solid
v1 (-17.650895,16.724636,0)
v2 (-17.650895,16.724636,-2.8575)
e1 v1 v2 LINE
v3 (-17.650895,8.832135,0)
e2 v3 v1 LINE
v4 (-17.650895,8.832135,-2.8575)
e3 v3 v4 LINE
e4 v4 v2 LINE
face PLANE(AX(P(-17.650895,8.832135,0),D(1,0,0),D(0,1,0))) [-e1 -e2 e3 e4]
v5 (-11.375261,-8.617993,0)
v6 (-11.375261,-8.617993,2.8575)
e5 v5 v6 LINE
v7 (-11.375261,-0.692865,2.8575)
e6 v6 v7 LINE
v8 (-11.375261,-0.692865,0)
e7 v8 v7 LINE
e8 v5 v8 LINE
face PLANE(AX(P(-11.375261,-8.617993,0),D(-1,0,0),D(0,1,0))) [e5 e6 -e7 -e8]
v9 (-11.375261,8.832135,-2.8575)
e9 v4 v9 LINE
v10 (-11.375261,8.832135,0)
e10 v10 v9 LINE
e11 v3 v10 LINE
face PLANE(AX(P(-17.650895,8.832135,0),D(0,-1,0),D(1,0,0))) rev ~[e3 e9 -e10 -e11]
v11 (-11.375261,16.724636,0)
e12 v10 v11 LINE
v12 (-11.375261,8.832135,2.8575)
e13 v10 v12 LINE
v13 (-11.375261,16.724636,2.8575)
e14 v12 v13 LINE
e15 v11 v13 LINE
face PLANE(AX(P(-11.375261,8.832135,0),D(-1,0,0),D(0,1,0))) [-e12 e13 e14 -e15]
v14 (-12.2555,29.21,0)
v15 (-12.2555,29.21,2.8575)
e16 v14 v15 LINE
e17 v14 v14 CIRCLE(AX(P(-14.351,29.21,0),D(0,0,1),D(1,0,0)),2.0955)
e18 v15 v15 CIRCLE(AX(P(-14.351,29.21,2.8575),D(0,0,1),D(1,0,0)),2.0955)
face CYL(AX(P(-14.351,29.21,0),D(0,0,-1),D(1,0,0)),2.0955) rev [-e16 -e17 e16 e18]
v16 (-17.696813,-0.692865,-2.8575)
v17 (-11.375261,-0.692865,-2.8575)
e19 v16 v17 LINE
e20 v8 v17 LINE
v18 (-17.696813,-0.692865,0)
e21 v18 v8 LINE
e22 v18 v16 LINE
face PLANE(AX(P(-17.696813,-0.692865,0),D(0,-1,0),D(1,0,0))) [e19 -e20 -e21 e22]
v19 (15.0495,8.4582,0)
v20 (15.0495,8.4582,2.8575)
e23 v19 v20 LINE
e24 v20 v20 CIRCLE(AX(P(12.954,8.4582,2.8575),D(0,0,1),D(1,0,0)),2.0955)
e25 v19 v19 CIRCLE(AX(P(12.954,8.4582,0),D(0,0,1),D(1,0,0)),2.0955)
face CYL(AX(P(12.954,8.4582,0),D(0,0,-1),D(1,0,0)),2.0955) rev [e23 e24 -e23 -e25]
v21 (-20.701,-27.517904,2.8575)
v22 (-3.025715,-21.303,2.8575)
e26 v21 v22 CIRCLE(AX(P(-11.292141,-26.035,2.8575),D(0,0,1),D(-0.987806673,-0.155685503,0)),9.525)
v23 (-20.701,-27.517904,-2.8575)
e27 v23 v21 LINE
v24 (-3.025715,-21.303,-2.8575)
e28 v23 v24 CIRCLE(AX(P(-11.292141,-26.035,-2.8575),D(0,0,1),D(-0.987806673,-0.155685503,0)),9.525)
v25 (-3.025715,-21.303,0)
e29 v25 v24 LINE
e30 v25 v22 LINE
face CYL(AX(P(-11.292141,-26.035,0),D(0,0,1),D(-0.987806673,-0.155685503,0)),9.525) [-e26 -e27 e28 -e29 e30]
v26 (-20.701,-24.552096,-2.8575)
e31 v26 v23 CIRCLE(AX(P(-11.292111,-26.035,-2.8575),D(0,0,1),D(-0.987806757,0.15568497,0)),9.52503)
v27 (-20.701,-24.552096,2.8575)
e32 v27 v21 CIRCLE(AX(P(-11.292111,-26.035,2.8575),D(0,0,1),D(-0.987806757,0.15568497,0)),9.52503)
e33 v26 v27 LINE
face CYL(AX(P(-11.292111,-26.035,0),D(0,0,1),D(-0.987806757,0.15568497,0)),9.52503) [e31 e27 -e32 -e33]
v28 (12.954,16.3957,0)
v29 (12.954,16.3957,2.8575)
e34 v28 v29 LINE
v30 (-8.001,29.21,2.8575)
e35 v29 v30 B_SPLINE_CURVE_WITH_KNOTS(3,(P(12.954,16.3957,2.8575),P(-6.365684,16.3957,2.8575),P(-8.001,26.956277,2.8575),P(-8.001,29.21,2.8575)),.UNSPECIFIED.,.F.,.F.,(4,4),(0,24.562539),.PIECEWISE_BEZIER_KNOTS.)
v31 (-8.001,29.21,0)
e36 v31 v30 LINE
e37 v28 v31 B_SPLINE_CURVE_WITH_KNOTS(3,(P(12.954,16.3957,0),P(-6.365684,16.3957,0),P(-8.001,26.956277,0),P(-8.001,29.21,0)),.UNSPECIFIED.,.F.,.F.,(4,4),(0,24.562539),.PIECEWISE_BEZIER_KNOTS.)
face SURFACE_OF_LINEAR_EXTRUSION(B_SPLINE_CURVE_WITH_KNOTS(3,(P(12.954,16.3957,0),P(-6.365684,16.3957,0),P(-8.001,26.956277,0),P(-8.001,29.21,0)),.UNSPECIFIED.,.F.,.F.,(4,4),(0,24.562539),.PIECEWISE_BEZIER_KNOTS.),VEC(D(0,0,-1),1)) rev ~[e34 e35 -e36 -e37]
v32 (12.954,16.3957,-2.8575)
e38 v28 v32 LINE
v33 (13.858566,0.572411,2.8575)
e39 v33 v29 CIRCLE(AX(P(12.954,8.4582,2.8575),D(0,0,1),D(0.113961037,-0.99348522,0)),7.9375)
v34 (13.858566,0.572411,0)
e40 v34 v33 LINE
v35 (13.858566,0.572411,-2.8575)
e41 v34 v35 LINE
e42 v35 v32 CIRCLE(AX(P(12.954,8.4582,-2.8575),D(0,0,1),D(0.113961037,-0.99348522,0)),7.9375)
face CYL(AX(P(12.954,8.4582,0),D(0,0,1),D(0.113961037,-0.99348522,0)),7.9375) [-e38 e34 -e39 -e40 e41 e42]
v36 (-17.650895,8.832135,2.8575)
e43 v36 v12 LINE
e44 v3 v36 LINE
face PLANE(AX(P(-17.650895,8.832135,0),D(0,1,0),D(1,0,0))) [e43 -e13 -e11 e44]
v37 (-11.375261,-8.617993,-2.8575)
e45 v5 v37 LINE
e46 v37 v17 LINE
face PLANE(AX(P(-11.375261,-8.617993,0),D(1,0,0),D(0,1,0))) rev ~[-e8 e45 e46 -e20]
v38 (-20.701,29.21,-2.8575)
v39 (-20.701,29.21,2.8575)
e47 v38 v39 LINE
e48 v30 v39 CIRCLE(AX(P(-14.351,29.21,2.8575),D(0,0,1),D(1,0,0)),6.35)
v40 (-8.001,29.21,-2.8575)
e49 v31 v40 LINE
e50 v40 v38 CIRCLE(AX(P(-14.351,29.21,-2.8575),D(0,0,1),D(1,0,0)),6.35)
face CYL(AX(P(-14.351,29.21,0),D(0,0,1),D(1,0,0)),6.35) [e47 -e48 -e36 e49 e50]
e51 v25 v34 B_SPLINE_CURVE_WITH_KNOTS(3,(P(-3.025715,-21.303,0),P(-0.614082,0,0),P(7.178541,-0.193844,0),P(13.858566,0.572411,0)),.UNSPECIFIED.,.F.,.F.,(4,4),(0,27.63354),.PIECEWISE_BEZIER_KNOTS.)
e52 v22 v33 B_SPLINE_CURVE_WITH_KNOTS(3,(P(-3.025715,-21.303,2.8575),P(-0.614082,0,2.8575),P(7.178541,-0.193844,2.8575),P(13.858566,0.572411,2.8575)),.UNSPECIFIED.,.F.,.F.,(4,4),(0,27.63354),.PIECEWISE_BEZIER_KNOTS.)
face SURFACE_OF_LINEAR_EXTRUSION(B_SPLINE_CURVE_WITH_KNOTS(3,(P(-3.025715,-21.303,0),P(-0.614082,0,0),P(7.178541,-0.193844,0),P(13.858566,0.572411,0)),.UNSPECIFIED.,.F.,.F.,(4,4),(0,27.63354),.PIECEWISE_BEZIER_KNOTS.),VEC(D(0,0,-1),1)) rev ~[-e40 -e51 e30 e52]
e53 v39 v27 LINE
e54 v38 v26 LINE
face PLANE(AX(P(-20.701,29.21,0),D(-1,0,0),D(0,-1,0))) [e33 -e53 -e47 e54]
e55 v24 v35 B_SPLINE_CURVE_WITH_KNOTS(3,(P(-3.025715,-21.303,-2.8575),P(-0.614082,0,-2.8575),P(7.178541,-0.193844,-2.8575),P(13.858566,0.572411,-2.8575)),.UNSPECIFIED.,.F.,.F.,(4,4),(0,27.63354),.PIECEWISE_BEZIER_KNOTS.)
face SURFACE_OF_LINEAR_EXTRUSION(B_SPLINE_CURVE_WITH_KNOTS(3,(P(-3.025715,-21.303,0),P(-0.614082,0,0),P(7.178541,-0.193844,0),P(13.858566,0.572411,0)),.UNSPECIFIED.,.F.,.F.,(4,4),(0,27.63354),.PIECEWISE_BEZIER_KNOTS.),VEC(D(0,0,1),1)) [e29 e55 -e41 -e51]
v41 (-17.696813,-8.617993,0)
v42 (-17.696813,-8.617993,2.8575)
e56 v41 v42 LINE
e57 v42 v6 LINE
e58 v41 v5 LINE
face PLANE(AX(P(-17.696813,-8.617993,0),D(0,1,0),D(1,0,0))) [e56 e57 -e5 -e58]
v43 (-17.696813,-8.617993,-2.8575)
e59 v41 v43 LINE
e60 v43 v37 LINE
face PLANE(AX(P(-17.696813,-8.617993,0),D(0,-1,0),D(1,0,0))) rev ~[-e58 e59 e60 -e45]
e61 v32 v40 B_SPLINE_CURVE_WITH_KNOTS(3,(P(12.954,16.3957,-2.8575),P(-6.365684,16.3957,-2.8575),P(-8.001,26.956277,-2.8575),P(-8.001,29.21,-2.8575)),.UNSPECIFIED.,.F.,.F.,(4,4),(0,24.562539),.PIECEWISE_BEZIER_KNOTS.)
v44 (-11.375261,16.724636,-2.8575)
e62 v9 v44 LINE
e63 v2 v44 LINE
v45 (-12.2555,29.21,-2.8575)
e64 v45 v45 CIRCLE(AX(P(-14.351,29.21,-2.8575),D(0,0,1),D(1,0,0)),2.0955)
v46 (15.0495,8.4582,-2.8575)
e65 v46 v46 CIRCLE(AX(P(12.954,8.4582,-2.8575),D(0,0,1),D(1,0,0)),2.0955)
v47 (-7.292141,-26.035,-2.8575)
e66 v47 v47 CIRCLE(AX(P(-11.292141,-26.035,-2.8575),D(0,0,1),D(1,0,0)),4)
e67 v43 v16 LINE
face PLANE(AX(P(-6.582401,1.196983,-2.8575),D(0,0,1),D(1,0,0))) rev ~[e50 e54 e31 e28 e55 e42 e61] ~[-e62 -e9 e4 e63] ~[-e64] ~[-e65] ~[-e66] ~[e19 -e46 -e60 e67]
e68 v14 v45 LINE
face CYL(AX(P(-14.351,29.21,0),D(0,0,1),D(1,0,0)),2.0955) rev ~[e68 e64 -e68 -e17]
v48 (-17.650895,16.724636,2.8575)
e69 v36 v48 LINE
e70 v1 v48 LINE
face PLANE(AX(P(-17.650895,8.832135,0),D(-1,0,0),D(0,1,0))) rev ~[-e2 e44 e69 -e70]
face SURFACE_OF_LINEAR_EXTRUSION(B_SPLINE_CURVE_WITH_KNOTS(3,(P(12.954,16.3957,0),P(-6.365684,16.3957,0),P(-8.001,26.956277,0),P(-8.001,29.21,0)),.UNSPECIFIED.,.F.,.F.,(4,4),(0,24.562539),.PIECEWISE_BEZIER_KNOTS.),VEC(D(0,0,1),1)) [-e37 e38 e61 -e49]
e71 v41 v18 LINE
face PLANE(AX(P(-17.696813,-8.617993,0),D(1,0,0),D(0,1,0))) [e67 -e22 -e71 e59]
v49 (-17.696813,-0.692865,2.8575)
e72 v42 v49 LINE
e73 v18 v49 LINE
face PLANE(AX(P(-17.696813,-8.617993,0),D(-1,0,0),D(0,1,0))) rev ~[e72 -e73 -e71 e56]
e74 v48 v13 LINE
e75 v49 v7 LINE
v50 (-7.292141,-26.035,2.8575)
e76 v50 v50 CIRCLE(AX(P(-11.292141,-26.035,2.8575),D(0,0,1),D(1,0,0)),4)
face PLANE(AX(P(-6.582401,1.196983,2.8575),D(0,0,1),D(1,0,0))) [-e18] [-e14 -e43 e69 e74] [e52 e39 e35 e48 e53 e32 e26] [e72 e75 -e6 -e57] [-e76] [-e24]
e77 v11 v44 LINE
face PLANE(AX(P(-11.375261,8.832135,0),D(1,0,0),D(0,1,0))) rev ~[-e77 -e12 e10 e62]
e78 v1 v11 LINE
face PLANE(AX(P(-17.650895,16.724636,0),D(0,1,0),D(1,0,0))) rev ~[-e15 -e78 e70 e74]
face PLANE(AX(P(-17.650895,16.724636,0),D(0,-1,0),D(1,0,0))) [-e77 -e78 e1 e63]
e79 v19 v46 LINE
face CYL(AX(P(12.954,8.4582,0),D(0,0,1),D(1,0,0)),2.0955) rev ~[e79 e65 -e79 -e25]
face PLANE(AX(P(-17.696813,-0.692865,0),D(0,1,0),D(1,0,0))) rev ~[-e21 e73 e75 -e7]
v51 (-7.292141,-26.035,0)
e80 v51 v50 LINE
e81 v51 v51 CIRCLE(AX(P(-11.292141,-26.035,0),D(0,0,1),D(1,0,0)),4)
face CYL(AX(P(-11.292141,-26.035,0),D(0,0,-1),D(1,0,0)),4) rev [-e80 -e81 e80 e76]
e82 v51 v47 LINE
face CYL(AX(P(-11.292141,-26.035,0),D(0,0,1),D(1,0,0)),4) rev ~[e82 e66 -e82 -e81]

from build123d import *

# Parameters (mm, degrees)
F0_R     = 4
F0_W     = 6.321552
F0_H     = 7.925128
F0_W_2   = 6.275634
F0_H_2   = 7.892501
F0_R_2   = 2.0955
F1_DEPTH = 2.8575


with BuildPart() as f1:
    # F0 (on Top) → F1 (new body, symmetric)
    with BuildSketch(Plane.XY):
        with BuildLine():
            add(Edge.make_bspline(
                [(12.954, 16.3957), (-6.365684, 16.3957), (-8.001, 26.956277), (-8.001, 29.21)],
                knots=[0, 0, 0, 0, 24.562539, 24.562539, 24.562539, 24.562539], degree=3))
            ThreePointArc((-8.001, 29.21), (-14.351, 35.56), (-20.701, 29.21))
            Line((-20.701, 29.21), (-20.701, -24.552096))
            Line((-20.701, -24.552096), (-20.701, -27.517904))
            ThreePointArc((-20.701, -27.517904), (-8.132625, -35.020715), (-3.025715, -21.303))
            add(Edge.make_bspline(
                [(-3.025715, -21.303), (-0.614082, 0), (7.178541, -0.193844), (13.858566, 0.572411)],
                knots=[0, 0, 0, 0, 27.63354, 27.63354, 27.63354, 27.63354], degree=3))
            ThreePointArc((13.858566, 0.572411), (20.878562, 8.911221), (12.954, 16.3957))
        make_face()
        with Locations((-11.292141, -26.035)):
            Circle(F0_R, mode=Mode.SUBTRACT)
        with Locations((-14.536037, -4.655429)):
            Rectangle(F0_W, F0_H, mode=Mode.SUBTRACT)
        with Locations((-14.513078, 12.778385)):
            Rectangle(F0_W_2, F0_H_2, mode=Mode.SUBTRACT)
        with Locations((-14.351, 29.21)):
            Circle(F0_R_2, mode=Mode.SUBTRACT)
        with Locations((12.954, 8.4582)):
            Circle(F0_R_2, mode=Mode.SUBTRACT)
        with BuildLine():
            Line((-20.701, -27.517904), (-20.701, -24.552096))
            ThreePointArc((-20.701, -24.552096), (-20.817141, -26.035), (-20.701, -27.517904))
        make_face()
    extrude(amount=F1_DEPTH, both=True)


solid = f1.part
